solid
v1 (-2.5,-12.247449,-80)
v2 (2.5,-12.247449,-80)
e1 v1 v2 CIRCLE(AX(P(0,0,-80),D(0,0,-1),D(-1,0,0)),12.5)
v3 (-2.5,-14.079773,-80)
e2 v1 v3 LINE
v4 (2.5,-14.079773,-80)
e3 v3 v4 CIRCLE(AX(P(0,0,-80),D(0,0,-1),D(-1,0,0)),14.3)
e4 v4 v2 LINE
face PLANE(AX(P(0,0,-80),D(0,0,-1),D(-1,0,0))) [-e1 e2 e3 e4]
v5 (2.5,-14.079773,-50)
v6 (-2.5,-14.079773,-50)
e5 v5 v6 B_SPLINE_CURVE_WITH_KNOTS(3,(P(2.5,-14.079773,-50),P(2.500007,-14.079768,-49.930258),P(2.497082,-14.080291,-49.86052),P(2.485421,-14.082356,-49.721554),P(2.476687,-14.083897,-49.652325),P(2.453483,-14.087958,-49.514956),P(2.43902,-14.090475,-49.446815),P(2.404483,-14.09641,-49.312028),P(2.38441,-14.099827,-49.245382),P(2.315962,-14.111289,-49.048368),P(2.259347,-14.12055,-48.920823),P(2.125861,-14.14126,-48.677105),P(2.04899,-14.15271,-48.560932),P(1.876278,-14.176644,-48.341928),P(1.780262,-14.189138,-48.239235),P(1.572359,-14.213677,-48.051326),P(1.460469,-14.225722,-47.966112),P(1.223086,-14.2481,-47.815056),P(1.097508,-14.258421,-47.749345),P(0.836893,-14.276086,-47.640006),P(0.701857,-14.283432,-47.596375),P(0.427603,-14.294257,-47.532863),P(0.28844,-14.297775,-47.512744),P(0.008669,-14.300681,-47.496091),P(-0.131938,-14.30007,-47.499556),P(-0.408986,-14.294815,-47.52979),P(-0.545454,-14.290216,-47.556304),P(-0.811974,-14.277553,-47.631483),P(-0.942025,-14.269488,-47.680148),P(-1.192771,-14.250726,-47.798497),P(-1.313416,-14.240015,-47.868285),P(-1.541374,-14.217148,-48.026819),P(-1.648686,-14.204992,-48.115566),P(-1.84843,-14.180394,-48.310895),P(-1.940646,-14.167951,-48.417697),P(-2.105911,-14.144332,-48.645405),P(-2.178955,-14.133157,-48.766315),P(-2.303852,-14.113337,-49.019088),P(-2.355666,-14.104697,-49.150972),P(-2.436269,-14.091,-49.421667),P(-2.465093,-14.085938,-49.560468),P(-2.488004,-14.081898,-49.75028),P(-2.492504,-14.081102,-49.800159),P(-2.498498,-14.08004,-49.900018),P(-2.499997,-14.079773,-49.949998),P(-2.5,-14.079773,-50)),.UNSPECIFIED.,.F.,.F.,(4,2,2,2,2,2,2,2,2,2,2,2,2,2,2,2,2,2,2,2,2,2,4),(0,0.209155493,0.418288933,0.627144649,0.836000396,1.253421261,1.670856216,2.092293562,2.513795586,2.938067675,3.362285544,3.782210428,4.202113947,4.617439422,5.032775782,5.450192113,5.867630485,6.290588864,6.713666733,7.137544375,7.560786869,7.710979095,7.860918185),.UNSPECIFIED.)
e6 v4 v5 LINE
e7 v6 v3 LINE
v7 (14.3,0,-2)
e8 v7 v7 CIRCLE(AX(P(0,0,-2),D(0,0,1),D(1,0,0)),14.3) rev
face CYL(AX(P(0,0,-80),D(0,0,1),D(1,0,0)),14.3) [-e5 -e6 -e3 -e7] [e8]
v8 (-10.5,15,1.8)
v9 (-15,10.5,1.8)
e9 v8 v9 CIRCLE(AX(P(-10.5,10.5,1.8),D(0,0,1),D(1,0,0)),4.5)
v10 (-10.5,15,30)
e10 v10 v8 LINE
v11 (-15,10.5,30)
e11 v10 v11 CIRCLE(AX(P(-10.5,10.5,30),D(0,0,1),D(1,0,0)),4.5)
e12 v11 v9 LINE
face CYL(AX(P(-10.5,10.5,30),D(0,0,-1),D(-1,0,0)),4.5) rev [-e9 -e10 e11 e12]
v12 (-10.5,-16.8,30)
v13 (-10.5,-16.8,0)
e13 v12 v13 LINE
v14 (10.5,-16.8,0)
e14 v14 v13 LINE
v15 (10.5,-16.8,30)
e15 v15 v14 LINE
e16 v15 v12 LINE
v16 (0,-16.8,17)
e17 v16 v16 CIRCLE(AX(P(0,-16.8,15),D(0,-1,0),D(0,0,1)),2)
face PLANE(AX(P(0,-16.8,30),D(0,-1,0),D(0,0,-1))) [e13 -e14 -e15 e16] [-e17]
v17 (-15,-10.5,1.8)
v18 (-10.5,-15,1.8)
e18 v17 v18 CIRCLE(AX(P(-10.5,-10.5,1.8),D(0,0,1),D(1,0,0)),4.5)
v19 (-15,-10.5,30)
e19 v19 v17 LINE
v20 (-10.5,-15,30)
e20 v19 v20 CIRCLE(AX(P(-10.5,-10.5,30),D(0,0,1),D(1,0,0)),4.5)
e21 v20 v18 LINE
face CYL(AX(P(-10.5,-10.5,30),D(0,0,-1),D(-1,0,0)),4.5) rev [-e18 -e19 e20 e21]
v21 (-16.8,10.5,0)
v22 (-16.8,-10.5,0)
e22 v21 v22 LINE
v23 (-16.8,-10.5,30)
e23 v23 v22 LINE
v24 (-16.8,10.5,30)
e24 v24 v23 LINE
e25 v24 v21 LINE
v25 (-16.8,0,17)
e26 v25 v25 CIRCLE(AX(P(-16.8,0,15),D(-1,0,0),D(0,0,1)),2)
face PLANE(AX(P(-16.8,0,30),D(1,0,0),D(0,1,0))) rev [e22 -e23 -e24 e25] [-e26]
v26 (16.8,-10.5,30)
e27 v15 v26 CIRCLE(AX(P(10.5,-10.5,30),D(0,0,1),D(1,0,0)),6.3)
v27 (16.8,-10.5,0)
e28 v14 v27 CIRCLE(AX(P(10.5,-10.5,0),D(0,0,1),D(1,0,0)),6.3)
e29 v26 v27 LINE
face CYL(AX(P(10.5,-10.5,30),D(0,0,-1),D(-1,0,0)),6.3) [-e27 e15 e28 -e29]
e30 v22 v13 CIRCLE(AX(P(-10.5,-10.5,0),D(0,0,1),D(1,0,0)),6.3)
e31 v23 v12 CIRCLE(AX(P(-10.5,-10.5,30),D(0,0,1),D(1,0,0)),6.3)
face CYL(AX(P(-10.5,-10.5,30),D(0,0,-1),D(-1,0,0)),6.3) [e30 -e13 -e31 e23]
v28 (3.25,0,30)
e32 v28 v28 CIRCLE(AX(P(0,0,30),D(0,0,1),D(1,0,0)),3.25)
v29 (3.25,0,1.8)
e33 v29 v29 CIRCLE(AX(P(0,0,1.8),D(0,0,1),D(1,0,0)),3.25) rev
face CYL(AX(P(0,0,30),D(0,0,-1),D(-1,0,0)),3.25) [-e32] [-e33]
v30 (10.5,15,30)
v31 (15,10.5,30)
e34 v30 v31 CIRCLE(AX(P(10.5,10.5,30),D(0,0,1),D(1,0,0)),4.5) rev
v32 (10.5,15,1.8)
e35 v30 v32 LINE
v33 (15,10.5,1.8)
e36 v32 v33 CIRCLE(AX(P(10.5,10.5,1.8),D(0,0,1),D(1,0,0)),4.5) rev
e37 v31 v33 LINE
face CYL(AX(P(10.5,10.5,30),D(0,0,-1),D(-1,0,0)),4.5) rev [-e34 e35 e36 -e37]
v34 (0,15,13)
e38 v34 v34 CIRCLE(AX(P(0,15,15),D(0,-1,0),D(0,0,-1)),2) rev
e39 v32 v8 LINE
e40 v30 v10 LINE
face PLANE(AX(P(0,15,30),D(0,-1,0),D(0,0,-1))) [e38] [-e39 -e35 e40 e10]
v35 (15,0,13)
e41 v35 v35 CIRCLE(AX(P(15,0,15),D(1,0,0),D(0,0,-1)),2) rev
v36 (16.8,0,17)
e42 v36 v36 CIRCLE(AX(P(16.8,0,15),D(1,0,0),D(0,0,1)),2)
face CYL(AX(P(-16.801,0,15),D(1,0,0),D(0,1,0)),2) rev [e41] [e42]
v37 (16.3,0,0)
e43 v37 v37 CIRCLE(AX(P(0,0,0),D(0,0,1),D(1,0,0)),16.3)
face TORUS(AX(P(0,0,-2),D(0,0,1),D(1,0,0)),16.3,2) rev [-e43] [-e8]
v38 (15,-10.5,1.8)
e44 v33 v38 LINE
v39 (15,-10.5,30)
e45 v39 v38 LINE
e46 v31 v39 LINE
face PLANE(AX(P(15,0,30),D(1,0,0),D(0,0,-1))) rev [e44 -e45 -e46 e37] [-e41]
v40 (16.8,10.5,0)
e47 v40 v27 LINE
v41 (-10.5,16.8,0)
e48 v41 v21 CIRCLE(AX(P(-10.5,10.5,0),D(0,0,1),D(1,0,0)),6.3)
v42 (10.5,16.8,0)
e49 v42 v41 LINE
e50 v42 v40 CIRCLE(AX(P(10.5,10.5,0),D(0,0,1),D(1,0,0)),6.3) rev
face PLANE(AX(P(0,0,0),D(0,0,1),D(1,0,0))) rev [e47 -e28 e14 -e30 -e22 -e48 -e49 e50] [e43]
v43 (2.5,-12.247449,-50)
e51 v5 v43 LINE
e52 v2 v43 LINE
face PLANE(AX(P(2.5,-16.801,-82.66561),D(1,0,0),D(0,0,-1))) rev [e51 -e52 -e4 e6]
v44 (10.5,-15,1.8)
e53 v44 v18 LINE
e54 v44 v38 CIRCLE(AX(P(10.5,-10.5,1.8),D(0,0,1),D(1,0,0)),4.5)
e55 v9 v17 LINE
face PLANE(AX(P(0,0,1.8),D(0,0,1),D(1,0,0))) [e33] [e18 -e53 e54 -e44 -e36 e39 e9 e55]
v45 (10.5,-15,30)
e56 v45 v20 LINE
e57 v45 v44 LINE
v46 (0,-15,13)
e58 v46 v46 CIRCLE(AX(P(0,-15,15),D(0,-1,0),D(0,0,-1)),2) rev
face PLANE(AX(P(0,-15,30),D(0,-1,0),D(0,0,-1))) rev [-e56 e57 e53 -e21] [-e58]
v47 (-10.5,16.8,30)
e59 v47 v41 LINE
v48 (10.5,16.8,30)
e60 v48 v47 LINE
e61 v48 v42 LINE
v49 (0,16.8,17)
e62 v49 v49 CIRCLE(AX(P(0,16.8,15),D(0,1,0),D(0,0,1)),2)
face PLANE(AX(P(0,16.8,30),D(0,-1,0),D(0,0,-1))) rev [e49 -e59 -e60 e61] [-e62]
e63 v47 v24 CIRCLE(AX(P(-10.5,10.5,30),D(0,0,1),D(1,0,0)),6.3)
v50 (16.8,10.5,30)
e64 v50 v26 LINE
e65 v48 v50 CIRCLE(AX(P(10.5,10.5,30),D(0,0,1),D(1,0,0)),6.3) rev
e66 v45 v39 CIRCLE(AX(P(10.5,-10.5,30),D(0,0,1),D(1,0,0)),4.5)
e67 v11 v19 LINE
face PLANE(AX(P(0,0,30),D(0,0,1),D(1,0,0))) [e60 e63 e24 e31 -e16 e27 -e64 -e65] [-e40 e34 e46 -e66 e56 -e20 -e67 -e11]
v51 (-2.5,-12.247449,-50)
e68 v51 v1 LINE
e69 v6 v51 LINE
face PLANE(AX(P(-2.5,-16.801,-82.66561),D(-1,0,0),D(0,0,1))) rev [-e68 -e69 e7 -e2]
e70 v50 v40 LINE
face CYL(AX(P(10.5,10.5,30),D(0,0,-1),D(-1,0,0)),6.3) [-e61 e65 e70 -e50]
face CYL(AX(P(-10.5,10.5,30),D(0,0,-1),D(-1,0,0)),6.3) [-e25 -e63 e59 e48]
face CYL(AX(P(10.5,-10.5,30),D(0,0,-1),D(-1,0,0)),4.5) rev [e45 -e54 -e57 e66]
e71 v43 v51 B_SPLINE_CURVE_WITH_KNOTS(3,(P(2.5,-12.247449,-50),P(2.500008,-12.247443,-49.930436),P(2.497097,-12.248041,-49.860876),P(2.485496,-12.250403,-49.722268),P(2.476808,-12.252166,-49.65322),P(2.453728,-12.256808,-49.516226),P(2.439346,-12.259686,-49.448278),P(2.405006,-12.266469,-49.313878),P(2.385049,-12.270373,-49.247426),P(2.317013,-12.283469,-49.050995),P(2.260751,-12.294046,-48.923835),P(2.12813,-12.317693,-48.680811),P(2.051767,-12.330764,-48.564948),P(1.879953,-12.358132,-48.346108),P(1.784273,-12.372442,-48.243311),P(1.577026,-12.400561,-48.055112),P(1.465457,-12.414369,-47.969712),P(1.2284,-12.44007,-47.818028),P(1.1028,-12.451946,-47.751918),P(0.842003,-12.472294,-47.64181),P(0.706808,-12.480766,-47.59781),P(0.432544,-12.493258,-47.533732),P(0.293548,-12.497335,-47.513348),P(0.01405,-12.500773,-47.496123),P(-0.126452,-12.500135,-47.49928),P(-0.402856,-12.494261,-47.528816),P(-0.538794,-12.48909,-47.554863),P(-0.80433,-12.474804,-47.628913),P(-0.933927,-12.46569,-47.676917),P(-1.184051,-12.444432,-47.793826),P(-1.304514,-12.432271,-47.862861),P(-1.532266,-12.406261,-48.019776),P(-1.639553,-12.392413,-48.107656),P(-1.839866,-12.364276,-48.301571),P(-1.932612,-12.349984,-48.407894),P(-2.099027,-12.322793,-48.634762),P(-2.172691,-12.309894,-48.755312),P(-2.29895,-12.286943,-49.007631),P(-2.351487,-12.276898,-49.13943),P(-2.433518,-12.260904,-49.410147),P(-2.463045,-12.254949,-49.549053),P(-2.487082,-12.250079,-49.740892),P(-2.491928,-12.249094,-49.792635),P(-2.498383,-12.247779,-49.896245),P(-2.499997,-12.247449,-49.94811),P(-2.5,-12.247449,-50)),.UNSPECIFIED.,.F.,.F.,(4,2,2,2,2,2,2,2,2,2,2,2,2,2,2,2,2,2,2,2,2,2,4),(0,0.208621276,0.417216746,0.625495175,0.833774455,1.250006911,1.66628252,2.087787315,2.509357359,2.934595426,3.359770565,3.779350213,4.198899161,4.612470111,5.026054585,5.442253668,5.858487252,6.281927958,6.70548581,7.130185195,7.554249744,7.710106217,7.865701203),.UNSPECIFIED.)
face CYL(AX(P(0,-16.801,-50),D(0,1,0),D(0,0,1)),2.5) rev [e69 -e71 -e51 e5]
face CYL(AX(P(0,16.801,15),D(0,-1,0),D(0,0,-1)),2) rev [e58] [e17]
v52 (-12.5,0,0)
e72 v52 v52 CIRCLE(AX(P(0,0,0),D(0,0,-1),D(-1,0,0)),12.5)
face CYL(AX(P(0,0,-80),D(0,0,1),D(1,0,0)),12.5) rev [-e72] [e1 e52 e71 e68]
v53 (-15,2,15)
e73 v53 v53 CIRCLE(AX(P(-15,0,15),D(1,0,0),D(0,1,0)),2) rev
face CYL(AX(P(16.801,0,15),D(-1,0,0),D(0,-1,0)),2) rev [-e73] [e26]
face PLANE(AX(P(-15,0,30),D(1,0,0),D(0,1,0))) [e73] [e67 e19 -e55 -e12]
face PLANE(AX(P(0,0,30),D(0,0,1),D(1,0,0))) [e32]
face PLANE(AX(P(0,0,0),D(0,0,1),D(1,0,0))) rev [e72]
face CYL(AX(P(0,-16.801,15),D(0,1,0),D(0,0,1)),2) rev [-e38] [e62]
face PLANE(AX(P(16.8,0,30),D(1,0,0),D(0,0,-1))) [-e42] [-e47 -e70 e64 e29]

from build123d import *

# Parameters (mm, degrees)
SKETCH_1_R               = 3.25
EXTRUDE_1_DEPTH          = 30
SHELL_1_T                = -1.8
SKETCH_1_3_R             = 3.25
EXTRUDE_2_DEPTH          = 30
CUT_EXTRUDE_1_REACH      = 50.075
SKETCH_2_R               = 2
PATTERN_CIRCULAR_1_COUNT = 4
SKETCH_3_R               = 14.3
SKETCH_3_R_2             = 12.5
EXTRUDE_3_DEPTH          = 80
CUT_EXTRUDE_2_REACH      = 85.453
CUT_EXTRUDE_2_END_RADIUS = 14.3
FILLET_1_R               = 2


with BuildPart() as part:
    # 草圖1 → 填料-伸長1 (new body)
    with BuildSketch(Plane.XY):
        with BuildLine():
            Line((10.5, 16.8), (-10.5, 16.8))
            ThreePointArc((-10.5, 16.8), (-14.954772721, 14.954772721), (-16.8, 10.5))
            Line((-16.8, 10.5), (-16.8, -10.5))
            ThreePointArc((-16.8, -10.5), (-14.954772721, -14.954772721), (-10.5, -16.8))
            Line((-10.5, -16.8), (10.5, -16.8))
            ThreePointArc((10.5, -16.8), (14.954772721, -14.954772721), (16.8, -10.5))
            Line((16.8, -10.5), (16.8, 10.5))
            ThreePointArc((16.8, 10.5), (14.954772721, 14.954772721), (10.5, 16.8))
        make_face()
        Circle(SKETCH_1_R, mode=Mode.SUBTRACT)
        Circle(SKETCH_1_R)
    extrude(amount=EXTRUDE_1_DEPTH)

    # 薄殼1
    shell_1_openings = [part.faces().sort_by_distance(p)[0] for p in [
        (0, 0, 30),
    ]]
    offset(amount=SHELL_1_T, openings=shell_1_openings, kind=Kind.INTERSECTION)

    # 草圖1<3> → 填料-伸長2 (add)
    with BuildSketch(Plane.XY):
        Circle(SKETCH_1_3_R)
    extrude(amount=EXTRUDE_2_DEPTH)

    # 草圖2 → 除料-伸長1 (cut, up to next)
    with BuildSketch(Plane(origin=(0, 16.8, 0), x_dir=(1, 0, 0), z_dir=(0, 1, 0)), mode=Mode.PRIVATE) as cut_extrude_1_sk1:
        with Locations(Location((0, -15, 0), (0, 0, 270))):
            Circle(SKETCH_2_R)
    cut_extrude_1_tool1 = extrude(cut_extrude_1_sk1.sketch, amount=-CUT_EXTRUDE_1_REACH, mode=Mode.PRIVATE) & part.part
    cut_extrude_1 = cut_extrude_1_tool1.solids().sort_by_distance((0, 16.8, 15))[0]
    add(cut_extrude_1, mode=Mode.SUBTRACT)

    # 環狀複製排列1: 除料-伸長1 ×4 about axis
    pattern_circular_1_axis = Axis((0, 0, 30), (0, 0, -1))
    for i in range(1, PATTERN_CIRCULAR_1_COUNT):
        add(cut_extrude_1.rotate(pattern_circular_1_axis, i * 360 / PATTERN_CIRCULAR_1_COUNT), mode=Mode.SUBTRACT)

    # 草圖3 → 填料-伸長3 (add)
    with BuildSketch(Plane(origin=(0, 0, 0), x_dir=(-1, 0, 0), z_dir=(0, 0, -1))):
        with Locations(Location((0, 0, 0), (0, 0, 180))):
            Circle(SKETCH_3_R)
        Circle(SKETCH_3_R_2, mode=Mode.SUBTRACT)
    extrude(amount=EXTRUDE_3_DEPTH)

    # 除料-伸長2: up to this cylinder (the profile starts inside it)
    cut_extrude_2_end = Plane(origin=(0, 0, -65.346562), z_dir=(0, 0, 1)) * Cylinder(CUT_EXTRUDE_2_END_RADIUS, 200.506, mode=Mode.PRIVATE)
    # 草圖4 → 除料-伸長2 (cut, up to the surface)
    with BuildSketch(Plane(origin=(0, 0, 0), x_dir=(1, 0, 0), z_dir=(0, 1, 0)), mode=Mode.PRIVATE) as cut_extrude_2_sk1:
        with BuildLine():
            Line((-2.5, 82.665609903), (2.5, 82.665609903))
            Line((2.5, 82.665609903), (2.5, 50))
            ThreePointArc((2.5, 50), (0, 47.5), (-2.5, 50))
            Line((-2.5, 50), (-2.5, 82.665609903))
        make_face()
    cut_extrude_2_tool1 = extrude(cut_extrude_2_sk1.sketch, amount=-CUT_EXTRUDE_2_REACH, mode=Mode.PRIVATE) & cut_extrude_2_end
    add(cut_extrude_2_tool1.solids().sort_by_distance((0, 0, -65.346562))[0], mode=Mode.SUBTRACT)

    # 圓角1
    fillet_1_edges = [part.edges().sort_by_distance(p)[0] for p in [
        (-14.3, 0, 0),
    ]]
    fillet(fillet_1_edges, radius=FILLET_1_R)


solid = part.part
